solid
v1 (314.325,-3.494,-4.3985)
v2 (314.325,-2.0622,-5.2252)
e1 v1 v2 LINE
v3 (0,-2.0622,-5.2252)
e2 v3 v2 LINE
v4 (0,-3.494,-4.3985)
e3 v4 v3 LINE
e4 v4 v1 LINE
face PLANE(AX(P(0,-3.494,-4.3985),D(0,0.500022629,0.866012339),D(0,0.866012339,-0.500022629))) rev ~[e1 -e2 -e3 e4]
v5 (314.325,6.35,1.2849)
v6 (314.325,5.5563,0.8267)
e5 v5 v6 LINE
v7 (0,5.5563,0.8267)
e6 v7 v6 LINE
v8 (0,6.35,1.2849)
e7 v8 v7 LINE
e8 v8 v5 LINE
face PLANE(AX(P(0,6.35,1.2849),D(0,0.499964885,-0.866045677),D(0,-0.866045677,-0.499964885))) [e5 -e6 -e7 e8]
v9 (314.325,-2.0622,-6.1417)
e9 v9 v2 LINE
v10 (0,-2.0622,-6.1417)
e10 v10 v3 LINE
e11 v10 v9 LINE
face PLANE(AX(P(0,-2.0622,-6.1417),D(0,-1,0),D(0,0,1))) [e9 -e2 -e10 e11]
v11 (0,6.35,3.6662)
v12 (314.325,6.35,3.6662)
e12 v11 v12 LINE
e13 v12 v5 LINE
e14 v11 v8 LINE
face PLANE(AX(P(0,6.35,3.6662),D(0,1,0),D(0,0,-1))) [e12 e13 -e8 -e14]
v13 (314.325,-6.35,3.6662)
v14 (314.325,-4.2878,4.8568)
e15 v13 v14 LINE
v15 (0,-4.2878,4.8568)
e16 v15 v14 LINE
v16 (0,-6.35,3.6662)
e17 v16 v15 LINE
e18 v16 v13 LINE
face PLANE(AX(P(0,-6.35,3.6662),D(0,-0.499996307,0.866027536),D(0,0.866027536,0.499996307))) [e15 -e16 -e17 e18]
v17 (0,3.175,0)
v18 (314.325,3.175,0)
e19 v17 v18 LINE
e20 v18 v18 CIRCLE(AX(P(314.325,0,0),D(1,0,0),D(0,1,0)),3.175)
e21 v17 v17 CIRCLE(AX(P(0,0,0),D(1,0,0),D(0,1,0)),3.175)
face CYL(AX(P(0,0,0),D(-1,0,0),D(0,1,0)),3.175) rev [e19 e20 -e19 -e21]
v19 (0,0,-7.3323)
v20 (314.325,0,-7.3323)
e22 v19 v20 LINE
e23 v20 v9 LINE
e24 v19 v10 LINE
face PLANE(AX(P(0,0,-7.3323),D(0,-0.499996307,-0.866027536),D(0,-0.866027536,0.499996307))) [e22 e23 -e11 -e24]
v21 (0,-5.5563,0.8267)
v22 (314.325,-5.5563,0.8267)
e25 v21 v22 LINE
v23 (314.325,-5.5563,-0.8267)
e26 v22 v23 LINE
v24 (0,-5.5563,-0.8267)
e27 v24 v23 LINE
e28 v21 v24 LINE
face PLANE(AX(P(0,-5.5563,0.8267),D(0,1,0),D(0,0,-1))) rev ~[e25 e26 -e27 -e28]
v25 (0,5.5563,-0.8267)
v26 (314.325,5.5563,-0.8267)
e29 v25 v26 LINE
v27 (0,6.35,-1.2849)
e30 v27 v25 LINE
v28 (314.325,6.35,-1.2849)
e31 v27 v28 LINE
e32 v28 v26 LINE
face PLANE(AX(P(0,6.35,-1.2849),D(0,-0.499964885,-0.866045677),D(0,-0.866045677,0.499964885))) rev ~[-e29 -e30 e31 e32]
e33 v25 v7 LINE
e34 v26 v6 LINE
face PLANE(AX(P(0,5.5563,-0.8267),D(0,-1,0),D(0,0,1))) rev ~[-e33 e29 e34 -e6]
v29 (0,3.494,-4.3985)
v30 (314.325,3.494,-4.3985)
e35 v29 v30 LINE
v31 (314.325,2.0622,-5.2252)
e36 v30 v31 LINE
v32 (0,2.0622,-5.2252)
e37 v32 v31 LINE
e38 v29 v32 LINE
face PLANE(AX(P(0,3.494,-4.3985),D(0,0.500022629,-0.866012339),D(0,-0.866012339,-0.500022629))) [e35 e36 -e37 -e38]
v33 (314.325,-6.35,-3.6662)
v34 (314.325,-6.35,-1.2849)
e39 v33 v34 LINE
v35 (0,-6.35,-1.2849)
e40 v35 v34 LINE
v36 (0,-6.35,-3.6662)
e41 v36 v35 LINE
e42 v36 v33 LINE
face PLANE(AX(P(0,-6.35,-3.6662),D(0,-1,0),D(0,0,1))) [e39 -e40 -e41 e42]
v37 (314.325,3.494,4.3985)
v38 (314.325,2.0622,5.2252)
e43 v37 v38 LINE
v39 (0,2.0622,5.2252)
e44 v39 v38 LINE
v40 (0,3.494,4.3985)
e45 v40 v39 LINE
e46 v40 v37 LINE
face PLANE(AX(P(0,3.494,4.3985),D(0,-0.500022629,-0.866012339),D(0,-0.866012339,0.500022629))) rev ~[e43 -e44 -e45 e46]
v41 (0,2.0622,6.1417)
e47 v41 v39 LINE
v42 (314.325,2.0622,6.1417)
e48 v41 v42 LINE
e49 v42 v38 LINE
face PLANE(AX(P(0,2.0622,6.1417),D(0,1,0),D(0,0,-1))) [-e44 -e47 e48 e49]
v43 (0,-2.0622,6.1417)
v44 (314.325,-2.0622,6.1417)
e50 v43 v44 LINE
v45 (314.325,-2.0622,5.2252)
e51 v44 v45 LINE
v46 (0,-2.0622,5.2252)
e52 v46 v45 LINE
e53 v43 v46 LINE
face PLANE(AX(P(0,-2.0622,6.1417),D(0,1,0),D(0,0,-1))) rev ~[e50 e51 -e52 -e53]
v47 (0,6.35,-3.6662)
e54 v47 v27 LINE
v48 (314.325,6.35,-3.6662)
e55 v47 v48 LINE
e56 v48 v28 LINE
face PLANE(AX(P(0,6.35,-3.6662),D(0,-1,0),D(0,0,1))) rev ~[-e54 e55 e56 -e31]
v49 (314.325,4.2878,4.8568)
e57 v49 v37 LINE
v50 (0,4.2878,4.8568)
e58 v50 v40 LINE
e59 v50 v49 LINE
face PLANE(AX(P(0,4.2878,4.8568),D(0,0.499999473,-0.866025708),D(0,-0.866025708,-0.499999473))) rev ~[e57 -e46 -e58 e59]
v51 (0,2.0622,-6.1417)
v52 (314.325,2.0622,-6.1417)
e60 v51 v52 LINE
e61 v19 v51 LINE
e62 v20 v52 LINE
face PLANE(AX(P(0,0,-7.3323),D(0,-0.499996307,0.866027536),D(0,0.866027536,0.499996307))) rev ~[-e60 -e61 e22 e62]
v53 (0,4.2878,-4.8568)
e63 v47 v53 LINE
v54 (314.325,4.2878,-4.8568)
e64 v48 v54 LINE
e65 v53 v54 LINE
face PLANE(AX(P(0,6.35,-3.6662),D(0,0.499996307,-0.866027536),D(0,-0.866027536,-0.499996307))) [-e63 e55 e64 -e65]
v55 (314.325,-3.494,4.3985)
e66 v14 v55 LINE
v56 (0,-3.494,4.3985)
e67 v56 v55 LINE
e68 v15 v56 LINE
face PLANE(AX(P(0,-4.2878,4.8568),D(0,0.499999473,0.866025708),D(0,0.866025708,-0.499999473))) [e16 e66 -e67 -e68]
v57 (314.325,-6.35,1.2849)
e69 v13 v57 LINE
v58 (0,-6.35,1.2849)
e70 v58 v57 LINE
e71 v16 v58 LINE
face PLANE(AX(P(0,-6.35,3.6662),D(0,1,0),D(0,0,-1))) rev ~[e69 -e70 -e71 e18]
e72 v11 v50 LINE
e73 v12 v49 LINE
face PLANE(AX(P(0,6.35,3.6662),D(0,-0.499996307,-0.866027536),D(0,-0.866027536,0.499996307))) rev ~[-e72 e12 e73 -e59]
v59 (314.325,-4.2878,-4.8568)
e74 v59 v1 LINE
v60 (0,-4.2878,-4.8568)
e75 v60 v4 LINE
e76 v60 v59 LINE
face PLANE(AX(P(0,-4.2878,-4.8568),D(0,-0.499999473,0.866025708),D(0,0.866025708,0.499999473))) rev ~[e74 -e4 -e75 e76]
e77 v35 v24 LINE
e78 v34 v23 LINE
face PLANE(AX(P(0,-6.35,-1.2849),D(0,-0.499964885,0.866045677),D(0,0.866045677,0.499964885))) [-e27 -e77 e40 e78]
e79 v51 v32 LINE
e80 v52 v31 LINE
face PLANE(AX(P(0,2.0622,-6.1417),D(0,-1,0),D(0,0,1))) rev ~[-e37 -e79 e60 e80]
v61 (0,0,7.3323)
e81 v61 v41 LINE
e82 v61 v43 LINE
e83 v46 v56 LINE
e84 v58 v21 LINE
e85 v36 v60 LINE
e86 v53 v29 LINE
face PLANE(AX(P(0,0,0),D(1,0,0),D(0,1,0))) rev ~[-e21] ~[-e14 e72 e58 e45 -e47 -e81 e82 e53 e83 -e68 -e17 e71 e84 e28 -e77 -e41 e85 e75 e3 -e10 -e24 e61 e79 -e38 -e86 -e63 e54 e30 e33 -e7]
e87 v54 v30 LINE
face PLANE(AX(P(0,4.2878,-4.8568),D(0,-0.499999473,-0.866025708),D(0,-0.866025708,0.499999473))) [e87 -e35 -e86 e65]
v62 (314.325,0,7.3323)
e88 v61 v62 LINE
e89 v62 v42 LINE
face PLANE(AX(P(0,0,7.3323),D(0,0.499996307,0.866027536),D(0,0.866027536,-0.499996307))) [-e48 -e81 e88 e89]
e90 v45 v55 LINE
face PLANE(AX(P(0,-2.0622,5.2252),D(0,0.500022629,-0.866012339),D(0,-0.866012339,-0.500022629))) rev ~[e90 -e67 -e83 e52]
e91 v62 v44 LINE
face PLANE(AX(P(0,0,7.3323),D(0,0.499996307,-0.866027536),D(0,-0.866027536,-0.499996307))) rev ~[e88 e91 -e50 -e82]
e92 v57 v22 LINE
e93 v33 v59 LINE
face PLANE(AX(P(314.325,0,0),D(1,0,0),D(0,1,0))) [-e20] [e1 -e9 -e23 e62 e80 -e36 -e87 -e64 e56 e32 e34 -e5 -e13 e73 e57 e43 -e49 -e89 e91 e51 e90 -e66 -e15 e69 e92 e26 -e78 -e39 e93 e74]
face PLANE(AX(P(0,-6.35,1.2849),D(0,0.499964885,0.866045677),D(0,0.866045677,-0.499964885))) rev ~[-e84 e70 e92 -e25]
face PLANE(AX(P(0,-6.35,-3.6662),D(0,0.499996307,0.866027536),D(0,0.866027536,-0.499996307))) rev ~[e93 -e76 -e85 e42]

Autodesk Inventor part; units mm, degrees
ref_plane "YZ Plane" through (0, 0, 0) normal (1, 0, 0) x (0, 1, 0)
ref_plane "XZ Plane" through (0, 0, 0) normal (0, 1, 0) x (-1, 0, 0)
ref_plane "XY Plane" through (0, 0, 0) normal (0, 0, 1) x (1, 0, 0)
sketch "Sketch1" plane through (0, 0, 0) normal (1, 0, 0) x (0, 1, 0)
  line L0 (6.35, 3.6662) -> (6.35, -3.6662) construction
  line L1 (6.35, -3.6662) -> (0, -7.3323) construction
  line L2 (0, -7.3323) -> (-6.35, -3.6662) construction
  line L3 (-6.35, -3.6662) -> (-6.35, 3.6662) construction
  line L4 (-6.35, 3.6662) -> (0, 7.3323) construction
  line L5 (0, 7.3323) -> (6.35, 3.6662) construction
  line L6 (5.5563, -3.2079) -> (5.5563, 3.2079) construction
  line L7 (5.5563, 3.2079) -> (0, 6.4158) construction
  line L8 (0, 6.4158) -> (-5.5563, 3.2079) construction
  line L9 (-5.5563, 3.2079) -> (-5.5563, -3.2079) construction
  line L10 (-5.5563, -3.2079) -> (0, -6.4158) construction
  line L11 (0, -6.4158) -> (5.5563, -3.2079) construction
  line L12 (6.35, 3.6662) -> (6.35, 1.2849)
  line L13 (6.35, 3.6662) -> (4.2878, 4.8568)
  line L14 (6.35, -3.6662) -> (6.35, -1.2849)
  line L15 (6.35, -3.6662) -> (4.2878, -4.8568)
  line L16 (0, -7.3323) -> (2.0622, -6.1417)
  line L17 (0, -7.3323) -> (-2.0622, -6.1417)
  line L18 (-6.35, -3.6662) -> (-4.2878, -4.8568)
  line L19 (-6.35, -3.6662) -> (-6.35, -1.2849)
  line L20 (-6.35, 3.6662) -> (-6.35, 1.2849)
  line L21 (-6.35, 3.6662) -> (-4.2878, 4.8568)
  line L22 (0, 7.3323) -> (2.0622, 6.1417)
  line L23 (0, 7.3323) -> (-2.0622, 6.1417)
  line L24 (6.35, 1.2849) -> (5.5563, 0.8267)
  line L25 (6.35, 1.2849) -> (7.2665, 1.2849) construction
  line L26 (6.35, -1.2849) -> (5.5563, -0.8267)
  line L27 (6.35, -1.2849) -> (7.2665, -1.2849) construction
  line L28 (5.5563, -0.8267) -> (5.5563, 0.8267)
  line L29 (4.2878, -4.8568) -> (3.494, -4.3985)
  line L30 (4.2878, -4.8568) -> (5.2043, -4.8568) construction
  line L31 (2.0622, -6.1417) -> (2.0622, -5.2252)
  line L32 (2.0622, -6.1417) -> (2.9788, -6.1417) construction
  line L33 (-2.0622, -6.1417) -> (-2.0622, -5.2252)
  line L34 (-2.0622, -6.1417) -> (-1.1457, -6.1417) construction
  line L35 (3.494, -4.3985) -> (2.0622, -5.2252)
  line L36 (-4.2878, -4.8568) -> (-3.494, -4.3985)
  line L37 (-4.2878, -4.8568) -> (-3.3712, -4.8568) construction
  line L38 (-3.494, -4.3985) -> (-2.0622, -5.2252)
  line L39 (-6.35, -1.2849) -> (-5.5563, -0.8267)
  line L40 (-6.35, -1.2849) -> (-5.4335, -1.2849) construction
  line L41 (-6.35, 1.2849) -> (-5.5563, 0.8267)
  line L42 (-6.35, 1.2849) -> (-5.4335, 1.2849) construction
  line L43 (-5.5563, 0.8267) -> (-5.5563, -0.8267)
  line L44 (-4.2878, 4.8568) -> (-3.494, 4.3985)
  line L45 (-4.2878, 4.8568) -> (-3.3712, 4.8568) construction
  line L46 (-2.0622, 6.1417) -> (-2.0622, 5.2252)
  line L47 (-2.0622, 6.1417) -> (-1.1457, 6.1417) construction
  line L48 (-2.0622, 5.2252) -> (-3.494, 4.3985)
  line L49 (2.0622, 6.1417) -> (2.0622, 5.2252)
  line L50 (2.0622, 6.1417) -> (2.9788, 6.1417) construction
  line L51 (4.2878, 4.8568) -> (3.494, 4.3985)
  line L52 (4.2878, 4.8568) -> (5.2043, 4.8568) construction
  line L53 (3.494, 4.3985) -> (2.0622, 5.2252)
  circle A0 centre (0, 0) radius 3.175
  dimension "d0" = 12.7
  dimension "d1" = 12.7
  dimension "d2" = 12.7
  dimension "d3" = 120
  dimension "d4" = 120
  dimension "d5" = 6.35
  dimension "d6" = 6.35
  dimension "d7" = 6.35
  dimension "d11" = 0.7937
  dimension "d12" = 2.3813
  dimension "d13" = 2.3813
  dimension "d14" = 2.3813
  dimension "d15" = 2.3813
  dimension "d16" = 2.3813
  dimension "d17" = 2.3813
  dimension "d18" = 2.3813
  dimension "d19" = 2.3813
  dimension "d20" = 2.3813
  dimension "d21" = 2.3813
  dimension "d22" = 2.3813
  dimension "d23" = 2.3813
  dimension "d24" = 150
  dimension "d25" = 150
  dimension "d26" = 150
  dimension "d27" = 90
  dimension "d28" = 90
  dimension "d29" = 30
  dimension "d30" = 30
  dimension "d31" = 30
  dimension "d32" = 30
  dimension "d33" = 90
  dimension "d34" = 90
  dimension "d35" = 150
  dimension "d36" = 6.35
extrude "Extrusion1" add sketch "Sketch1" along normal blind 314.325
properties part number "churro gearbox support"
